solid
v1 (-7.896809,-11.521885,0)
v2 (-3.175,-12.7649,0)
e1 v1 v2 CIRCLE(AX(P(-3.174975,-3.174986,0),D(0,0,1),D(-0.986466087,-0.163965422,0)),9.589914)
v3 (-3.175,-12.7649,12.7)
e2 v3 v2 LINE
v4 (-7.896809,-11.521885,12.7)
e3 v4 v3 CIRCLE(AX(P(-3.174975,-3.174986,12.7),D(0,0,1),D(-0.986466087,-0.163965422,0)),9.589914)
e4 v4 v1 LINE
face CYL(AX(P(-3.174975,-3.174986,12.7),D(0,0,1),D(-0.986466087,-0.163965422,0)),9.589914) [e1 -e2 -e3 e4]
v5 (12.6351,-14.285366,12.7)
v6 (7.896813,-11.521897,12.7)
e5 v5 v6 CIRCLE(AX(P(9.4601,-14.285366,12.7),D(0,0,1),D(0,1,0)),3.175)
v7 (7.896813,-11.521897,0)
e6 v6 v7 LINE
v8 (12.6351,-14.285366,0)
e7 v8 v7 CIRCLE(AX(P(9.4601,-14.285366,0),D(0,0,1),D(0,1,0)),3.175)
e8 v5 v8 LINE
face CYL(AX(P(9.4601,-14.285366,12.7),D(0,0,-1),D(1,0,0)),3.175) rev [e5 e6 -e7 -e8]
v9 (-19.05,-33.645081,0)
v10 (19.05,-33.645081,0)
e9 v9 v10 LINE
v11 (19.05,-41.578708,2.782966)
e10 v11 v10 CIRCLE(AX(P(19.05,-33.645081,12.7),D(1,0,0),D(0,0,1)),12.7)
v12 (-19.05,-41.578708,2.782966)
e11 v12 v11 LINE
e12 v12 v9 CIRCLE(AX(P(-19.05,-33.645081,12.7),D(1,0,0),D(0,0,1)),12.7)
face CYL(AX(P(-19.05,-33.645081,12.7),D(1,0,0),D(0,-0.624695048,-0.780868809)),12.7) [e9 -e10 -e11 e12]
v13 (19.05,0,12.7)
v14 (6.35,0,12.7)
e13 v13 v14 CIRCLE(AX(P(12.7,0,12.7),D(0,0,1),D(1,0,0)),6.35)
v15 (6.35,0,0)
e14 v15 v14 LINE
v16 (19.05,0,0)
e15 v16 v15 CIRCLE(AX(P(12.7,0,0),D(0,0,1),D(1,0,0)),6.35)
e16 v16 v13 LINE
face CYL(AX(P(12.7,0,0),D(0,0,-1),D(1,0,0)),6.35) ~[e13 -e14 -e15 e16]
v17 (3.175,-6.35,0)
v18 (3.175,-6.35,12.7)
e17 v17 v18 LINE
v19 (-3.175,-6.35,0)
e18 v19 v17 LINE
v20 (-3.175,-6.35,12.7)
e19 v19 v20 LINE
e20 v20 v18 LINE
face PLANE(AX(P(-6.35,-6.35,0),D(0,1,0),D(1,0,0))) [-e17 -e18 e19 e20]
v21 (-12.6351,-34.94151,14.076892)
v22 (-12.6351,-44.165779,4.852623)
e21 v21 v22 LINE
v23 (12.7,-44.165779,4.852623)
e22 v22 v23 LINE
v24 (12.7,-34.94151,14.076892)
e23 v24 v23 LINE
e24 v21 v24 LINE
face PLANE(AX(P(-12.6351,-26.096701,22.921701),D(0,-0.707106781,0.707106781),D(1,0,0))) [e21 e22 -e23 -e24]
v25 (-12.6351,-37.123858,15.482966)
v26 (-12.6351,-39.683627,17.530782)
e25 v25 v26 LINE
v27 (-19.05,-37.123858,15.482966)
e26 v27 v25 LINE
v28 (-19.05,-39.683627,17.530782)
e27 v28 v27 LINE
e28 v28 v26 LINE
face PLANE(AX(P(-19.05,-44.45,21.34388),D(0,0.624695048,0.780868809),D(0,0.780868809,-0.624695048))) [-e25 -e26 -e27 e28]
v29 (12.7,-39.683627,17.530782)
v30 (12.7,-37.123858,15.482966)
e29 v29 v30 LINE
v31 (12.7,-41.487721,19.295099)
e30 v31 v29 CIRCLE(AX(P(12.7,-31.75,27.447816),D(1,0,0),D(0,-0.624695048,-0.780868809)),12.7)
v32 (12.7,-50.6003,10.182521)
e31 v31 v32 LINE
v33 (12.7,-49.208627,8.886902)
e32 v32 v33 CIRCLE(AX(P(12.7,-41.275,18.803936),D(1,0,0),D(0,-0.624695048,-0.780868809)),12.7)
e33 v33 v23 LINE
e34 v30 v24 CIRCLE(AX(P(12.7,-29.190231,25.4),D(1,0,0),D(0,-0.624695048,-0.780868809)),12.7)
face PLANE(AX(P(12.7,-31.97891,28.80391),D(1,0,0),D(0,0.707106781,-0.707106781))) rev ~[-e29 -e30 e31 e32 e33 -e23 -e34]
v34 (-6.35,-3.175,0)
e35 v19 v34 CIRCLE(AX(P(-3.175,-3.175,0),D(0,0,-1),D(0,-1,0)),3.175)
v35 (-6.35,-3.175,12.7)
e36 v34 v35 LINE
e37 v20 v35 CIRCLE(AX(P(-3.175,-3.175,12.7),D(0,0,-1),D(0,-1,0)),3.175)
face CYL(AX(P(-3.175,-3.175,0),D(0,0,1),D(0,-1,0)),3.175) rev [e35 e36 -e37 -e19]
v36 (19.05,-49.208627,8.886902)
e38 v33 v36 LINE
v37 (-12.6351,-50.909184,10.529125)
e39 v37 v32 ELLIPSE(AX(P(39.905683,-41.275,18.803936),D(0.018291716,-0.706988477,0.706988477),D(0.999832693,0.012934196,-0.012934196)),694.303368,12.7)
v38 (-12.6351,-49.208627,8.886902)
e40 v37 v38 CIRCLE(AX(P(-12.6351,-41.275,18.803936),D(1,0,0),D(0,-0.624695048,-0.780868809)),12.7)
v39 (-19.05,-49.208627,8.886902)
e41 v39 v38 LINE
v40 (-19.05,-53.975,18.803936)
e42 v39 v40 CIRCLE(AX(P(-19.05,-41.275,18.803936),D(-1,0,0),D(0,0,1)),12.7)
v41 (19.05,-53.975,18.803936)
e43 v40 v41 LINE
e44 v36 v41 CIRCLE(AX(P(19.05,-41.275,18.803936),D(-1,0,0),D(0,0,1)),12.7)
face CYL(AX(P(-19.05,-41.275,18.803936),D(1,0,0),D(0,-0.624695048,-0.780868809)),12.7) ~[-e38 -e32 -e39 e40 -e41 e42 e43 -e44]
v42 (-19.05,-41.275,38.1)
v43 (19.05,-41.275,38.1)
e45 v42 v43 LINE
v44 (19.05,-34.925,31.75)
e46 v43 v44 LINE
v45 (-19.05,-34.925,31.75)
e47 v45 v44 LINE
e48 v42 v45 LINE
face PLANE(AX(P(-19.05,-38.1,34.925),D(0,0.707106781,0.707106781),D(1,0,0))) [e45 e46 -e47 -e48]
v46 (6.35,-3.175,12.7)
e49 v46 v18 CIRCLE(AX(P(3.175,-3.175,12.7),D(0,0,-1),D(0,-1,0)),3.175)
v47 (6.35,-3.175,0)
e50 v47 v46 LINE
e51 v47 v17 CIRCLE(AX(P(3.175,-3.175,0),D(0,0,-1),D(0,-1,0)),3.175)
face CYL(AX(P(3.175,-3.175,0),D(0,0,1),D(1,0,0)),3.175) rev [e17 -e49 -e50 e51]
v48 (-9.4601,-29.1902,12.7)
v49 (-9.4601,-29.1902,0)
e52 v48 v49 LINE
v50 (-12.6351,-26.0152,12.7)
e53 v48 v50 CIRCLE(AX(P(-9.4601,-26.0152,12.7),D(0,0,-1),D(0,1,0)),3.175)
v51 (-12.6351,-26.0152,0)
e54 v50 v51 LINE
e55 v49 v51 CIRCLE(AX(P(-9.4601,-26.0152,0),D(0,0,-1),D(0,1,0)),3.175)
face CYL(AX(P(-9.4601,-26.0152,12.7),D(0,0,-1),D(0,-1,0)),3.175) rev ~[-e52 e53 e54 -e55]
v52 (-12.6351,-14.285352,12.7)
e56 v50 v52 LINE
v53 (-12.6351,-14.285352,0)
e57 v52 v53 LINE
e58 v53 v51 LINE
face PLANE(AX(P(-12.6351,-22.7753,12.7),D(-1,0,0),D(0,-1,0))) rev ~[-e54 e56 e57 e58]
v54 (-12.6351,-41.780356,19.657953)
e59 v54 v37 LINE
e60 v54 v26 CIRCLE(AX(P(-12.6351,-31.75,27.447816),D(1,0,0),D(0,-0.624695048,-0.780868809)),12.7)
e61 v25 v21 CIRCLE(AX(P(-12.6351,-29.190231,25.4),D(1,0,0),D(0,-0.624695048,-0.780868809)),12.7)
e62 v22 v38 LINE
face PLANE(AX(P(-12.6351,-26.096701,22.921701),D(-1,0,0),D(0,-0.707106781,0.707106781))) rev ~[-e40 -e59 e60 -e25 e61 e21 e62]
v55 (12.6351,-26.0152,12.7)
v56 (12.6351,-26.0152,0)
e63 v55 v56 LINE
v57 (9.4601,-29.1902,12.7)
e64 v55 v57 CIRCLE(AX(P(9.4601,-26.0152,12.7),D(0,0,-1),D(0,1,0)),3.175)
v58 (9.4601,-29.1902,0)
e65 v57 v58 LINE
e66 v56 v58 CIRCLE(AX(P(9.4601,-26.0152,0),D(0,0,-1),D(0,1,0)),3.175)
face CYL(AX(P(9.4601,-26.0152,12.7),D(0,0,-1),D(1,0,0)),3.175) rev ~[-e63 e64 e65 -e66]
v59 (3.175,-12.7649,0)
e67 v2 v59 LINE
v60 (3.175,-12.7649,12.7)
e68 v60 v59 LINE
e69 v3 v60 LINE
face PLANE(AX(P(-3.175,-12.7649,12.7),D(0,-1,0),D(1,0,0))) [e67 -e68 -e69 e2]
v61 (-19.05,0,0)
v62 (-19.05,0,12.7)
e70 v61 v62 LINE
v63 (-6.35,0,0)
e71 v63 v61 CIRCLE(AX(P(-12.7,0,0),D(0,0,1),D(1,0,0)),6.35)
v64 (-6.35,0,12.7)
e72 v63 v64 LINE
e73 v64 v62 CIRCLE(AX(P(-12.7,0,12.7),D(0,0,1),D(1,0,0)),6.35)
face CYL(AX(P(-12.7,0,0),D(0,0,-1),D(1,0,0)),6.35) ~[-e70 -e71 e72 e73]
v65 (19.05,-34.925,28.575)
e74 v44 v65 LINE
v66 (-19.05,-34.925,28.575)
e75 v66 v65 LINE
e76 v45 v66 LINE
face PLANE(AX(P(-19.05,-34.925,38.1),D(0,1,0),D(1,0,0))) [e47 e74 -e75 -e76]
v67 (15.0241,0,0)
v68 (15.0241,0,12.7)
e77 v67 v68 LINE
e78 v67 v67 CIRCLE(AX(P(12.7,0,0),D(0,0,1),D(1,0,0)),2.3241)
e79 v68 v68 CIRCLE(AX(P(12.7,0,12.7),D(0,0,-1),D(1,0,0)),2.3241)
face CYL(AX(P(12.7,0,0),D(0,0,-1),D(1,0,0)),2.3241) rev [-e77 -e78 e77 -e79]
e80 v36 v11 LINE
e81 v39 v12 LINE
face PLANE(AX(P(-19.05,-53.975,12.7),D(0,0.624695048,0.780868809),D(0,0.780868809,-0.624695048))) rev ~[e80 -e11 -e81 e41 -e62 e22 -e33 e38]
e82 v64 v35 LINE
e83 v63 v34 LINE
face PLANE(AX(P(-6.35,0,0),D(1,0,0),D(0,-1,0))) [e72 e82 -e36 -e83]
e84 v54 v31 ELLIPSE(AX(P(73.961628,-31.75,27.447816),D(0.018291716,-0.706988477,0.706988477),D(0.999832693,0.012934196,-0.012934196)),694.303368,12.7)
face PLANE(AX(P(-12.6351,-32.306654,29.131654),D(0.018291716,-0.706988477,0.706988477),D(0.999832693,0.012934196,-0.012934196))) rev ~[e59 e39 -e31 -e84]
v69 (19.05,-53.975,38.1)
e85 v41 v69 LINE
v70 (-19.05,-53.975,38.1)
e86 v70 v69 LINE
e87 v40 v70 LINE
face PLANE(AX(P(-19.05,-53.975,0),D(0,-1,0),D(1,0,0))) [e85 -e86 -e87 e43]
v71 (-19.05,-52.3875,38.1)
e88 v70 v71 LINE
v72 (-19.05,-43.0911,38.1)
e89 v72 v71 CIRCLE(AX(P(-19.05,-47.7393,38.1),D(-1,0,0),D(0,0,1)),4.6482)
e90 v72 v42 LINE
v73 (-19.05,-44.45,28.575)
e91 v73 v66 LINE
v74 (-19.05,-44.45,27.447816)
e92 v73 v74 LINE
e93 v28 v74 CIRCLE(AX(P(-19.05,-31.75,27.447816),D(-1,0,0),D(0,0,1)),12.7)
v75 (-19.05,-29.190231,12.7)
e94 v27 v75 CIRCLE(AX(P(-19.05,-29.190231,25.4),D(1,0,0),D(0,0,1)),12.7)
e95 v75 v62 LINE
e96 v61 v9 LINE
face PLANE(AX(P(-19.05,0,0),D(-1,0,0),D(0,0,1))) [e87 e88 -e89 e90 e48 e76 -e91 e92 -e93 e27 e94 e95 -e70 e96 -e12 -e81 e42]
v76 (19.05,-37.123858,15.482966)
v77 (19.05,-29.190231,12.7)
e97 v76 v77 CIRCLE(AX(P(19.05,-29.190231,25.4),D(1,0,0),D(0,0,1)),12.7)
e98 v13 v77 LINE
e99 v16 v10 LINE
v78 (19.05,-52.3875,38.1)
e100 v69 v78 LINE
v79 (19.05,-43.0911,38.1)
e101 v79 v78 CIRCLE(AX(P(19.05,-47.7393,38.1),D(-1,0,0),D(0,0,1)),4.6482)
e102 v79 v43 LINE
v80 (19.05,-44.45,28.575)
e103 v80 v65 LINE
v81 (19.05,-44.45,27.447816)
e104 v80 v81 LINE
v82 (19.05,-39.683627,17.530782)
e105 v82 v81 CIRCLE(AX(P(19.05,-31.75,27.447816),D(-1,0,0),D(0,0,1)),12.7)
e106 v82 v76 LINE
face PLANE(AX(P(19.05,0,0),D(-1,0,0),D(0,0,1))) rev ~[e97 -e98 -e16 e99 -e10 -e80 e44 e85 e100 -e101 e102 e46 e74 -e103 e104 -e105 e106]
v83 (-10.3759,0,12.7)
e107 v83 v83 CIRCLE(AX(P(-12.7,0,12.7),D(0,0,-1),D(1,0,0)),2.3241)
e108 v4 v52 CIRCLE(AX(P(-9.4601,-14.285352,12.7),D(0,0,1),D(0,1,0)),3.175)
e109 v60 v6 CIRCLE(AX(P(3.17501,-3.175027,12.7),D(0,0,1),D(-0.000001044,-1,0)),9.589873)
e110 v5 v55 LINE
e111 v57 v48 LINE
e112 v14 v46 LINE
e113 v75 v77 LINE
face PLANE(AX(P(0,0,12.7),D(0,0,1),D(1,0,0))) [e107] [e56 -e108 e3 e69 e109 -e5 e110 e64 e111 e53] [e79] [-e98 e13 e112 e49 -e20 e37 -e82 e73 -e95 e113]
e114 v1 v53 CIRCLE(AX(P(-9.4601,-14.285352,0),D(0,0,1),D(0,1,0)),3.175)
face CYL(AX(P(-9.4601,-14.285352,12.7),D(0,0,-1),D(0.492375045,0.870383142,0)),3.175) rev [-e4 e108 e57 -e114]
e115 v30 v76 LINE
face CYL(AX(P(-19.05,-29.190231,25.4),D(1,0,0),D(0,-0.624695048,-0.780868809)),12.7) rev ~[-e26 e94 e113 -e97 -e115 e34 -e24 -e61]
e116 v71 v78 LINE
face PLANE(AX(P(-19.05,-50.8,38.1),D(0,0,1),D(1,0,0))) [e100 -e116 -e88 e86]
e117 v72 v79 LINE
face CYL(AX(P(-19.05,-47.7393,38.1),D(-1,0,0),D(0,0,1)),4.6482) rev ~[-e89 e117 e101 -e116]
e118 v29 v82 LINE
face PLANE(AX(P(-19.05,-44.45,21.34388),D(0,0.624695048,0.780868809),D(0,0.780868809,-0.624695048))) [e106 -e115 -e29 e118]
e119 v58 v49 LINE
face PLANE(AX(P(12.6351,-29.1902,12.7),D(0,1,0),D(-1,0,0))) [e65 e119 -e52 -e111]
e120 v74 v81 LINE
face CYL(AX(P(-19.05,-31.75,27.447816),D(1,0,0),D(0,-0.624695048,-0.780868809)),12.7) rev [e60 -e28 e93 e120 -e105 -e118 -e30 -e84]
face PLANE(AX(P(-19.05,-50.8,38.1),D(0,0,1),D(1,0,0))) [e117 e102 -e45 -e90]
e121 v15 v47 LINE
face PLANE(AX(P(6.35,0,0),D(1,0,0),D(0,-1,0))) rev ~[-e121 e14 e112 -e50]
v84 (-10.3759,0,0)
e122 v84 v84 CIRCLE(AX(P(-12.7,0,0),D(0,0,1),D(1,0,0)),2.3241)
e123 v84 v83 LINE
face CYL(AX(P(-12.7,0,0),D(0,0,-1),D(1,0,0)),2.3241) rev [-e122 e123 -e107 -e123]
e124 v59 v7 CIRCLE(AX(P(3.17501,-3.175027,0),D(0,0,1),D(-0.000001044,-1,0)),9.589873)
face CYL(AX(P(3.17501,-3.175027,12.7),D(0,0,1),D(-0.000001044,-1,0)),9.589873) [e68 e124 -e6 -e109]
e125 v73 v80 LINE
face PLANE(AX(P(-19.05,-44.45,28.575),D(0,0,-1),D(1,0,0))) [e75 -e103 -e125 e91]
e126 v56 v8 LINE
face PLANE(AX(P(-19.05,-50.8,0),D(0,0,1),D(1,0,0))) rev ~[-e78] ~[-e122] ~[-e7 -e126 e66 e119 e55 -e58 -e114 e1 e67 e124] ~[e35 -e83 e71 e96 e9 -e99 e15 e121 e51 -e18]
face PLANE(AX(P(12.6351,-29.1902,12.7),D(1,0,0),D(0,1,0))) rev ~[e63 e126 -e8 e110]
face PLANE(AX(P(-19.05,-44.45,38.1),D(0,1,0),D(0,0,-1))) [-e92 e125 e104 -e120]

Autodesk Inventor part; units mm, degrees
ref_plane "YZ Plane" through (0, 0, 0) normal (1, 0, 0) x (0, 1, 0)
ref_plane "XZ Plane" through (0, 0, 0) normal (0, 1, 0) x (-1, 0, 0)
ref_plane "XY Plane" through (0, 0, 0) normal (0, 0, 1) x (1, 0, 0)
sketch "Sketch1" plane through (0, 0, 0) normal (0, 0, 1) x (1, 0, 0)
  line L0 (0, 0) -> (12.7, 0)
  line L1 (0, 0) -> (-12.7, 0)
  circle A0 centre (-12.7, 0) radius 2.3241
  circle A1 centre (12.7, 0) radius 2.3241
  line L2 (-12.7, 0) -> (-6.35, 0)
  circle A2 centre (-12.7, 0) radius 6.35
  circle A3 centre (12.7, 0) radius 6.35
  line L3 (-12.7, -6.35) -> (-10.8231, -6.35)
  line L4 (-10.8231, -6.35) -> (12.7, -6.35)
  line L5 (-19.05, 0) -> (19.05, 0)
  line L6 (19.05, 0) -> (19.05, -50.8)
  line L7 (19.05, -50.8) -> (-19.05, -50.8)
  line L8 (-19.05, -50.8) -> (-19.05, 0)
  line L9 (-6.35, 0) -> (-6.35, -6.35)
  line L10 (6.35, 0) -> (6.35, -6.35)
  dimension "d0" = 12.7
  dimension "d1" = 12.7
  dimension "d2" = 4.6482
  dimension "d3" = 4.6482
  dimension "d5" = 12.7
  dimension "d6" = 50.8
extrude "Extrusion1" add sketch "Sketch1" along normal blind 12.7 contours A3 L5 A1 L0 | L0 A1 L5 A3 | A3 L4 L10 | A2 L5 A0 L1 | L1 A0 L5 A2 | L9 L4 L3 A2 | L6 L7 L8 A2 L3 L4 A3
fillet "Fillet1" radius 3.175 2 edges at (6.35, -6.35, 6.35) (-6.35, -6.35, 6.35)
sketch "Sketch2" plane through (-19.05, -50.8, 0) normal (-1, 0, 0) x (0, 0, 1)
  line L0 (12.7, 50.8) -> (12.7, 0) projected
  line L1 (0, 0) -> (12.7, 0) projected
  line L2 (12.7, 0) -> (38.1, 0)
  line L3 (38.1, 0) -> (38.1, 6.35)
  line L4 (38.1, 6.35) -> (12.7, 6.35)
  point P0 (0, 50.8)
  dimension "d10" = 25.4
  dimension "d11" = 6.35
extrude "Extrusion2" add sketch "Sketch2" against normal up to surface (38.1 mm away)
sketch "Sketch3" plane through (-19.05, -44.45, 38.1) normal (0, 1, 0) x (1, 0, 0)
  line L0 (38.1, 0) -> (38.1, 25.4) projected
  line L1 (0, 25.4) -> (38.1, 25.4) projected
  line L2 (0, 0) -> (0, 25.4) projected
  line L3 (0, 0) -> (38.1, 0) projected
  line L4 (38.1, 0) -> (0, 0)
  line L5 (0, 0) -> (0, 9.525)
  line L6 (0, 9.525) -> (38.1, 9.525)
  line L7 (38.1, 9.525) -> (38.1, 0)
  point P0 (19.05, 38.1)
  dimension "d14" = 9.525
extrude "Extrusion3" add sketch "Sketch3" along normal blind 9.525 contours L3 L2 L6 L0
sketch "Sketch4" plane through (-19.05, -50.8, 0) normal (0, -1, 0) x (1, 0, 0)
  line L0 (0, 0) -> (38.1, 0) projected
  line L1 (38.1, 0) -> (38.1, 38.1) projected
  line L2 (0, 38.1) -> (38.1, 38.1) projected
  line L3 (0, 0) -> (0, 38.1) projected
  point P0 (19.05, 0)
extrude "Extrusion4" add sketch "Sketch4" along normal blind 3.175
chamfer "Chamfer1" distance 6.35 angle 45 1 edges at (0, -34.925, 38.1)
sketch "Sketch5" plane through (-19.05, 0, 0) normal (-1, 0, 0) x (0, 0, 1)
  line L0 (38.1, -53.975) -> (0, -53.975) projected
  line L1 (38.1, -53.975) -> (38.1, -52.3875)
  line L2 (38.1, -53.975) -> (38.1, -41.275) projected
  line L3 (38.1, -52.3875) -> (38.1, -47.7393)
  circle A0 centre (38.1, -47.7393) radius 4.6482
  point P0 (0, 0)
  point P1 (38.1, -43.0911)
  dimension "d22" = 1.5875
  dimension "d23" = 4.6482
extrude "Extrusion5" cut sketch "Sketch5" against normal through all contours A0 L2 picked at (35.7974, -45.6994)
sketch "Sketch6" plane through (-19.05, 0, 0) normal (-1, 0, 0) x (0, 0, 1)
  arc A0 (38.1, -43.0911) -> (38.1, -52.3875) centre (38.1, -47.7393) ccw projected
  line L0 (38.1, -43.0911) -> (38.1, -41.275) projected
  line L1 (31.75, -34.925) -> (38.1, -41.275) projected
  line L2 (28.575, -34.925) -> (31.75, -34.925) projected
  line L3 (28.575, -44.45) -> (28.575, -34.925) projected
  line L4 (28.575, -44.45) -> (12.7, -44.45) projected
  line L5 (12.7, 0) -> (12.7, -44.45) projected
  line L6 (0, 0) -> (12.7, 0) projected
  line L7 (0, 0) -> (0, -53.975) projected
  line L8 (38.1, -53.975) -> (0, -53.975) projected
  line L9 (38.1, -53.975) -> (38.1, -52.3875) projected
  line L10 (12.7, -53.975) -> (0, -38.1)
  line L11 (22.617, -46.0414) -> (9.917, -30.1664)
  point P0 (0, 0)
  point P1 (21.3439, -44.45)
  point P2 (12.7, -33.6451)
  dimension "d26" = 12.7
extrude "Extrusion6" cut sketch "Sketch6" against normal through all contours L8 L7 L10
extrude "Extrusion7" add sketch "Sketch6" against normal up to surface (38.1 mm away) contours L4 L5 L11
fillet "Fillet2" radius 12.7 4 edges at (0, -38.1, 0) (0, -53.975, 12.7) (0, -33.6451, 12.7) (0, -44.45, 21.3439)
sketch "Sketch7" plane through (0, 0, 12.7) normal (0, 0, 1) x (1, 0, 0)
  line L0 (19.05, -29.1902) -> (-19.05, -29.1902) projected
  line L1 (19.05, -29.1902) -> (19.05, 0) projected
  arc A0 (19.05, 0) -> (6.35, 0) centre (12.7, 0) ccw projected
  line L2 (6.35, 0) -> (6.35, -3.175) projected
  arc A1 (3.175, -6.35) -> (6.35, -3.175) centre (3.175, -3.175) ccw projected
  line L3 (3.175, -6.35) -> (-3.175, -6.35) projected
  arc A2 (-6.35, -3.175) -> (-3.175, -6.35) centre (-3.175, -3.175) ccw projected
  line L4 (-6.35, -3.175) -> (-6.35, 0) projected
  arc A3 (-6.35, 0) -> (-19.05, 0) centre (-12.7, 0) ccw projected
  line L5 (-19.05, 0) -> (-19.05, -29.1902) projected
  circle A4 centre (-12.7, 0) radius 2.3241 projected
  circle A5 centre (12.7, 0) radius 2.3241 projected
  line L6 (-3.175, -12.7649) -> (3.175, -12.7649)
  arc A6 (3.175, -12.7649) -> (12.6351, -4.7474) centre (3.175, -3.175) ccw
  line L7 (12.6351, -4.7474) -> (12.6351, -22.7753)
  line L8 (12.6351, -22.7753) -> (-12.6351, -22.7753)
  line L9 (-12.6351, -22.7753) -> (-12.6351, -4.7474)
  arc A7 (-12.6351, -4.7474) -> (-3.175, -12.7649) centre (-3.175, -3.175) ccw
  line L10 (-12.6351, -22.7753) -> (-12.6351, -29.1902)
  line L11 (12.6351, -29.1902) -> (12.6351, -22.7753)
  line L12 (12.6351, -29.1902) -> (-12.6351, -29.1902)
  point P0 (0, 0)
extrude "Extrusion8" cut sketch "Sketch7" against normal through all contours L0 L10 L8 L11 | L8 L9 A7 L6 A6 L7
fillet "Fillet3" radius 3.175 2 edges at (-12.6351, -4.7474, 6.35) (12.6351, -4.7474, 6.35)
fillet "Fillet4" radius 3.175 2 edges at (12.6351, -29.1902, 6.35) (-12.6351, -29.1902, 6.35)
sketch "Sketch8" plane through (-19.05, -34.925, 31.75) normal (0, 0.7071, 0.7071) x (1, 0, 0)
  ellipse E0 centre (31.75, 38.1661) end of major axis (29.4259, 38.1661) minor radius 1.6434 projected
  ellipse E1 centre (6.35, 38.1661) end of major axis (4.0259, 38.1661) minor radius 1.6434 projected
  line L0 (6.4149, 19.7706) -> (6.4149, 28.0648) projected
  ellipse E2 centre (9.5899, 28.0648) end of major axis (6.4149, 28.0648) minor radius 2.2451 (11.1532, 30.0189) -> (6.4149, 28.0648) ccw projected
  ellipse E3 centre (15.875, 35.921) end of major axis (25.4649, 35.921) minor radius 6.7811 (11.1532, 30.0189) -> (15.875, 29.1399) ccw projected
  line L1 (15.875, 29.1399) -> (22.225, 29.1399) projected
  ellipse E4 centre (22.225, 35.921) end of major axis (12.6351, 35.921) minor radius 6.7811 (22.225, 29.1399) -> (26.9468, 30.0189) ccw projected
  ellipse E5 centre (28.5101, 28.0648) end of major axis (25.3351, 28.0648) minor radius 2.2451 (31.6851, 28.0648) -> (26.9468, 30.0189) ccw projected
  line L2 (31.6851, 28.0648) -> (31.6851, 19.7706) projected
  ellipse E6 centre (28.5101, 19.7706) end of major axis (31.6851, 19.7706) minor radius 2.2451 (28.5101, 17.5255) -> (31.6851, 19.7706) ccw projected
  line L3 (38.1, 17.5255) -> (28.5101, 17.5255) projected
  line L4 (38.1, 17.5255) -> (38.1, 38.1661) projected
  ellipse E7 centre (31.75, 38.1661) end of major axis (38.1, 38.1661) minor radius 4.4901 (38.1, 38.1661) -> (25.4, 38.1661) ccw projected
  line L5 (25.4, 38.1661) -> (25.4, 35.921) projected
  ellipse E8 centre (22.225, 35.921) end of major axis (25.4, 35.921) minor radius 2.2451 (22.225, 33.676) -> (25.4, 35.921) ccw projected
  line L6 (22.225, 33.676) -> (15.875, 33.676) projected
  ellipse E9 centre (15.875, 35.921) end of major axis (19.05, 35.921) minor radius 2.2451 (12.7, 35.921) -> (15.875, 33.676) ccw projected
  line L7 (12.7, 35.921) -> (12.7, 38.1661) projected
  ellipse E10 centre (6.35, 38.1661) end of major axis (12.7, 38.1661) minor radius 4.4901 (12.7, 38.1661) -> (0, 38.1661) ccw projected
  line L8 (0, 38.1661) -> (0, 17.5255) projected
  line L9 (9.5899, 17.5255) -> (0, 17.5255) projected
  ellipse E11 centre (9.5899, 19.7706) end of major axis (12.7649, 19.7706) minor radius 2.2451 (6.4149, 19.7706) -> (9.5899, 17.5255) ccw projected
  line L10 (6.4149, 17.5255) -> (6.4149, 3.7029)
  line L11 (6.4149, 3.7029) -> (31.75, 4.1664)
  line L12 (31.75, 4.1664) -> (31.75, 17.5255)
  line L13 (6.4149, 17.5255) -> (31.75, 17.5255)
  line L14 (6.4149, 17.5255) -> (6.4149, 12.4851)
  line L15 (6.4149, 12.4851) -> (31.75, 12.4851)
  point P0 (19.05, 47.1463)
extrude "Extrusion9" cut sketch "Sketch8" against normal through all contours L15 L12 L11 L10
properties part number "Rear Jaw"
